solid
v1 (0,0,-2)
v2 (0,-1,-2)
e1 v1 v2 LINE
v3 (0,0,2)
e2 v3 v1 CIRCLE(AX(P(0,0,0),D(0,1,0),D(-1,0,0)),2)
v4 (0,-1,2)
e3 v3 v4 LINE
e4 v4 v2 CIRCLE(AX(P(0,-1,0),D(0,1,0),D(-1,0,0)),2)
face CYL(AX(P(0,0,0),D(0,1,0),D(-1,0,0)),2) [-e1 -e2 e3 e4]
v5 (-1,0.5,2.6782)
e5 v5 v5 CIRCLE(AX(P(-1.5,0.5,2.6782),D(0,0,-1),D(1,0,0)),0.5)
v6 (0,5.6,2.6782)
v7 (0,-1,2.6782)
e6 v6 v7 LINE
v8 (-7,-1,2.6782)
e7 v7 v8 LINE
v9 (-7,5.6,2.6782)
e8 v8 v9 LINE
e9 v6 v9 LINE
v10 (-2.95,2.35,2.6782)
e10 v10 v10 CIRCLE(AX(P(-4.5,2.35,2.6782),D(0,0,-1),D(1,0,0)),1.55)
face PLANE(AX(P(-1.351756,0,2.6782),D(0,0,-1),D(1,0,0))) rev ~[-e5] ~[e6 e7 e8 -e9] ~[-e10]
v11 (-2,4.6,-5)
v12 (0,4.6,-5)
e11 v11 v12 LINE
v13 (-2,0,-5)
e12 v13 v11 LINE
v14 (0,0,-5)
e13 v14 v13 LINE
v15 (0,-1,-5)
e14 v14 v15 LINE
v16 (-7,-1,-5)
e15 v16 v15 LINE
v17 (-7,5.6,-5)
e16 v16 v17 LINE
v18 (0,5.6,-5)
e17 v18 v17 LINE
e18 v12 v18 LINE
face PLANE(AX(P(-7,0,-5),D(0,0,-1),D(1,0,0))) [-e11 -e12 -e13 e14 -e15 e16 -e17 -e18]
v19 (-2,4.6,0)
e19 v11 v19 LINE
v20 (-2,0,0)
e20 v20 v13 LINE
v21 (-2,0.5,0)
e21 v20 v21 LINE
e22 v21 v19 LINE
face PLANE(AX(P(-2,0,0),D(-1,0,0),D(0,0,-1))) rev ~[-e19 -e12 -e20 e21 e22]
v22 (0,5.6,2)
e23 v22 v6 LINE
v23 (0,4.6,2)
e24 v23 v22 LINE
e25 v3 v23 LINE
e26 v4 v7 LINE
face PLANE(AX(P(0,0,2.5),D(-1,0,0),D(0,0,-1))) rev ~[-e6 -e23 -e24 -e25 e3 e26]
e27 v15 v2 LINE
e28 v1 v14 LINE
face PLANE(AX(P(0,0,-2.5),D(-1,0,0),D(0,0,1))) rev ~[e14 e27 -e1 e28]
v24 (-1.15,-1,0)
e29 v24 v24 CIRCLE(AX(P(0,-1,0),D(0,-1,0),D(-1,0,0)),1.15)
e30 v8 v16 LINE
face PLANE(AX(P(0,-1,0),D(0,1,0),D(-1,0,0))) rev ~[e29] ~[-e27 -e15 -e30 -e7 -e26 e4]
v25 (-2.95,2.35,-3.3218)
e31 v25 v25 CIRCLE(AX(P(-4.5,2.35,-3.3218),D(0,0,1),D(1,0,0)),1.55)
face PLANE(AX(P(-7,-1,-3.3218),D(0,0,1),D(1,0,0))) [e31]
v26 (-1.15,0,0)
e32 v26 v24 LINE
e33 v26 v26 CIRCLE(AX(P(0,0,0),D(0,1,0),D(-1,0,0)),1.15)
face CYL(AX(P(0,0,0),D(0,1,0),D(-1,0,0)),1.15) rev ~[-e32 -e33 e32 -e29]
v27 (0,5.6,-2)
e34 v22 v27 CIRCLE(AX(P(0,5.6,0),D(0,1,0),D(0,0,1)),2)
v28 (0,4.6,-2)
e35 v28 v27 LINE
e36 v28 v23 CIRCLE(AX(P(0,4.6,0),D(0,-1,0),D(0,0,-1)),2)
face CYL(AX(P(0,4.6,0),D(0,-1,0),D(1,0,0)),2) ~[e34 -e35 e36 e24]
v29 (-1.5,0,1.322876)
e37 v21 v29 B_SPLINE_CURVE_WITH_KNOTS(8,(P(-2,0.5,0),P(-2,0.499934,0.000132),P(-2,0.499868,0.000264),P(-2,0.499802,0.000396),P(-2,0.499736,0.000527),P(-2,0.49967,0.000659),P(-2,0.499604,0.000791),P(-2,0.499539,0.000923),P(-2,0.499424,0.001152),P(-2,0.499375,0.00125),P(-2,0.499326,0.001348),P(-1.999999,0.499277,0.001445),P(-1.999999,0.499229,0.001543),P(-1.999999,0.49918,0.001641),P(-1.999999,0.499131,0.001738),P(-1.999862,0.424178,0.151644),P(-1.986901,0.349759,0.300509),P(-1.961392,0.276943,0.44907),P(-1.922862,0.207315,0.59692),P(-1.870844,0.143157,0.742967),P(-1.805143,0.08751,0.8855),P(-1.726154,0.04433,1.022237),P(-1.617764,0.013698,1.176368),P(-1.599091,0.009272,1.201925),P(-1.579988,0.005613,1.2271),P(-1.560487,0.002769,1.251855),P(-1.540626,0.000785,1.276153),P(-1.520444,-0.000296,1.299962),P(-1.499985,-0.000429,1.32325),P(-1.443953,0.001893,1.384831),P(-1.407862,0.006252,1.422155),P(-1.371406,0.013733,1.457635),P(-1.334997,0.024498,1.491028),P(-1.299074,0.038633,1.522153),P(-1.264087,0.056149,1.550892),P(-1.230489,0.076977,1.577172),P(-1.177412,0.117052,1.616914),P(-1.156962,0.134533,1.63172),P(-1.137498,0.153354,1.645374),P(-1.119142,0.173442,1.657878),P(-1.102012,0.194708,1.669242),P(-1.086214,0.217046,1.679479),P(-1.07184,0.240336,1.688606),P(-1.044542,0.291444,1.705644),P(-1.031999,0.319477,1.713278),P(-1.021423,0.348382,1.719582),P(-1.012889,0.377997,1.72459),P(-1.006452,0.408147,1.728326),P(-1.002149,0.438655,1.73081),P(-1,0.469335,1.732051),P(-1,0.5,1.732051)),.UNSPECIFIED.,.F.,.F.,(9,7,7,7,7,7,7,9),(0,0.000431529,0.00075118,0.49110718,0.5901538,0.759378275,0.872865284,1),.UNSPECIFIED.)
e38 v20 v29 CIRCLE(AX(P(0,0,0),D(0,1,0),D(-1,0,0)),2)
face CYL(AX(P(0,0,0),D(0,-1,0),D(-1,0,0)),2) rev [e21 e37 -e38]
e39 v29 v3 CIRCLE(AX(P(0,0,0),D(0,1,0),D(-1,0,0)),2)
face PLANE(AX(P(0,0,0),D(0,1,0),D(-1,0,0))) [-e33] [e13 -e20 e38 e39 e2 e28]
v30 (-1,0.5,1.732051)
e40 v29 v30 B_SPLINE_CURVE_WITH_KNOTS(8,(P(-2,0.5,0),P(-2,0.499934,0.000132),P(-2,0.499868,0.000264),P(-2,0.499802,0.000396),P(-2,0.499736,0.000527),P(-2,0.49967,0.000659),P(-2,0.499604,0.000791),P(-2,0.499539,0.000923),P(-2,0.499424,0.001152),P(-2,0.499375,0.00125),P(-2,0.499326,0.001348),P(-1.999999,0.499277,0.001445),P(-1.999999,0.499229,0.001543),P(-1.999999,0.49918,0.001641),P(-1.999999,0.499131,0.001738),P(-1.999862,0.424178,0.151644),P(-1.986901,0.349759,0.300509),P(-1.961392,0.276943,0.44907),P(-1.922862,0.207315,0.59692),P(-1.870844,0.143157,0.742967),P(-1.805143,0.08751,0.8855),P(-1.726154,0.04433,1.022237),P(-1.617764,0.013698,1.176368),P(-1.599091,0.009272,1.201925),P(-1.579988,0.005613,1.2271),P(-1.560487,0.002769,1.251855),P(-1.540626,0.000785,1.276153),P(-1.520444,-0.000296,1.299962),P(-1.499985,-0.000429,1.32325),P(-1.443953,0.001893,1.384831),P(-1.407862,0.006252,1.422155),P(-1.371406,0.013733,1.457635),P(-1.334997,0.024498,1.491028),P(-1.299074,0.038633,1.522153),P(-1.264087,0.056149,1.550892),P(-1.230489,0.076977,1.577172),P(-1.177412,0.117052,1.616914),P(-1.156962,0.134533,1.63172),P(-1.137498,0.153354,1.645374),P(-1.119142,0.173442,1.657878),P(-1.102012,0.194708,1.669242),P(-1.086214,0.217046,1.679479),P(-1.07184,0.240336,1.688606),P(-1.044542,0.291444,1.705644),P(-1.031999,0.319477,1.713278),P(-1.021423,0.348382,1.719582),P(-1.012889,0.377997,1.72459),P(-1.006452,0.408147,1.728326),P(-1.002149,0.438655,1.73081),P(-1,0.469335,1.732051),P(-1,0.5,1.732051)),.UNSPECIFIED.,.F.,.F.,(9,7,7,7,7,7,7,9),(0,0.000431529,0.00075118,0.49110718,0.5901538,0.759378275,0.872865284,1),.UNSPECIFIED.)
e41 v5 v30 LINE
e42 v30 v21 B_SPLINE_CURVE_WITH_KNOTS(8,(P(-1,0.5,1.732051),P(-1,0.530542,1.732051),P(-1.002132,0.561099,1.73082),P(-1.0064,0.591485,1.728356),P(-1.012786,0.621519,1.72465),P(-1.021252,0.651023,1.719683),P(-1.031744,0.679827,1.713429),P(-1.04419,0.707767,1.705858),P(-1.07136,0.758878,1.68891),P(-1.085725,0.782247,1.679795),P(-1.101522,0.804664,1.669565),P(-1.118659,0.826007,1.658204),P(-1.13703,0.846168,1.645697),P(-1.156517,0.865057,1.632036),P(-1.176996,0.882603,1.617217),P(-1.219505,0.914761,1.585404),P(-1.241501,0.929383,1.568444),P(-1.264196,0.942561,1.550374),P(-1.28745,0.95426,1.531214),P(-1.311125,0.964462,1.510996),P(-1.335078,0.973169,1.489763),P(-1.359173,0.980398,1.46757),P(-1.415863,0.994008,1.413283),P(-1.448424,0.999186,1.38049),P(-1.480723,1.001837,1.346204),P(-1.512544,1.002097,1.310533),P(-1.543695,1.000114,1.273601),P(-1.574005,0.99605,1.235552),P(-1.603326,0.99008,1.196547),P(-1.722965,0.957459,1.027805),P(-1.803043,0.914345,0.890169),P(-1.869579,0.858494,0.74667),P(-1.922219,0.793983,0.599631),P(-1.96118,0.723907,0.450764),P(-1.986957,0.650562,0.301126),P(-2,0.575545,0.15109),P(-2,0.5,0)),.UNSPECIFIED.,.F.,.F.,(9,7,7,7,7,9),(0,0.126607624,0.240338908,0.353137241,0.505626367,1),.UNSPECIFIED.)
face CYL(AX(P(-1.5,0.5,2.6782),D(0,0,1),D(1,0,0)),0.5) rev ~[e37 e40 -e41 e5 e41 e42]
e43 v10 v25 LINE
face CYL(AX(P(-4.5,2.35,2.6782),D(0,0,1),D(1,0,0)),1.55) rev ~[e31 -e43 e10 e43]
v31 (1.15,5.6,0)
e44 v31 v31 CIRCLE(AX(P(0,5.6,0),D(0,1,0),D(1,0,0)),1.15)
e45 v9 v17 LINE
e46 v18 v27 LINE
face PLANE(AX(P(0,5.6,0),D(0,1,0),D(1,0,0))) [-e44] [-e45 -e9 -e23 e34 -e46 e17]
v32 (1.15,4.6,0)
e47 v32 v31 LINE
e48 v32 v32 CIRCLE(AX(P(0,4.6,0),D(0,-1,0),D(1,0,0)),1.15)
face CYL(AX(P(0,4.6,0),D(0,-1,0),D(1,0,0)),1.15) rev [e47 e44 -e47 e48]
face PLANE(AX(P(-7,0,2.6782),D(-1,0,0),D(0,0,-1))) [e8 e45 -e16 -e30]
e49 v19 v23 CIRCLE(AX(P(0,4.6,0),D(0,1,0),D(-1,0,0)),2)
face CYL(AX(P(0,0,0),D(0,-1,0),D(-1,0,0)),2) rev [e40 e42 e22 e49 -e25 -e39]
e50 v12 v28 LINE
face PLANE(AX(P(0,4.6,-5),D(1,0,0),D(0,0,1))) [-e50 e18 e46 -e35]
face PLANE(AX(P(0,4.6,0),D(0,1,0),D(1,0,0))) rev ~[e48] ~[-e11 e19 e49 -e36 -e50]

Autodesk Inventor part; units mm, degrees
ref_plane "YZ Plane" through (0, 0, 0) normal (1, 0, 0) x (0, 1, 0)
ref_plane "XZ Plane" through (0, 0, 0) normal (0, 1, 0) x (-1, 0, 0)
ref_plane "XY Plane" through (0, 0, 0) normal (0, 0, 1) x (1, 0, 0)
sketch "スケッチ1" plane through (0, 0, 0) normal (0, 1, 0) x (-1, 0, 0)
  circle A0 centre (0, 0) radius 2
  circle A1 centre (0, 0) radius 1.15
  line L0 (0, 0) -> (2, 0)
  line L1 (2, 0) -> (2, -5)
  line L2 (2, -5) -> (0, -5)
  line L3 (0, -5) -> (0, 0)
  line L4 (0, 0) -> (2, 0)
  line L5 (2, 0) -> (2, 4)
  line L6 (2, 4) -> (0, 4)
  line L7 (0, 4) -> (0, 0)
  circle A2 centre (0, 0) radius 3
  circle A3 centre (0, 0) radius 2.5
  line L8 (0, 0) -> (2.5, 0)
  line L9 (2.5, 0) -> (2.5, 2.6782)
  line L10 (2.5, 2.6782) -> (0, 2.6782)
  line L11 (0, 2.6782) -> (0, 0)
  line L12 (0, 2.6782) -> (7, 2.6782)
  line L13 (7, 2.6782) -> (7, -5)
  line L14 (7, -5) -> (0, -5)
  line L15 (0, -5) -> (0, 2.6782)
  point P0 (0, 2)
  point P1 (0, -2)
  dimension "d0" = 4
  dimension "d1" = 2.3
  dimension "d2" = 5
  dimension "d3" = 4
  dimension "d4" = 6
  dimension "d6" = 5
  dimension "d7" = 2.5
  dimension "d8" = 7
sketch "スケッチ2" plane through (0, 0, 0) normal (0, 1, 0) x (-1, 0, 0)
  line L0 (0, -1.1495) -> (-5, -1.1495)
  line L1 (-5, -1.1495) -> (-5, -1.9793)
  line L2 (-5, -1.9793) -> (0, -1.9793)
  line L3 (0, -1.9793) -> (0, -1.1495)
  line L4 (-5, -1.9793) -> (-6.828, -1.9793)
  line L5 (-6.828, -1.9793) -> (-6.828, 0)
  line L6 (-6.828, 0) -> (-5, 0)
  line L7 (-5, 0) -> (-5, -1.9793)
  line L8 (0, 1.115) -> (-6.6551, 1.115)
  line L9 (-6.6551, 1.115) -> (-6.6551, 1.9793)
  line L10 (-6.6551, 1.9793) -> (0, 1.9793)
  line L11 (0, 1.9793) -> (0, 1.115)
  point P0 (0, 0)
  dimension "d5" = 5
extrude "押し出し1" add sketch "スケッチ1" along normal blind 4.6 contours L8 A3 L1 | A0 L7 A3 L5 | L5 A3 L8 | A3 L9 A2 L1 | A3 L7 L10 A2 L5 | L5 A2 L9 A3 | A2 L9 L12 L13 L14 L1 | A2 L10 L5 | L5 L10 L9 A2
extrude "押し出し2" add sketch "スケッチ1" against normal blind 1 contours L0 A1 L7 A0 | L1 A3 L3 A0 | A0 L3 A1 L0 | L8 A3 L1 | A0 L7 A3 L5 | L5 A3 L8 | L7 A1 L3 A0 | A3 L9 A2 L1 | L1 A2 L3 A3 | A3 L7 L10 A2 L5 | L5 A2 L9 A3 | A2 L9 L12 L13 L14 L1 | L1 L2 L3 A2 | A2 L10 L5 | L5 L10 L9 A2
sketch "スケッチ3" plane through (0, 4.6, 0) normal (0, 1, 0) x (1, 0, 0)
  circle A0 centre (0, 0) radius 1.15
  line L0 (-2, 0) -> (-2, 5) projected
  circle A1 centre (0, 0) radius 2
  line L1 (0, -2) -> (0, -2.6782) projected
  line L2 (-7, 5) -> (0, 5) projected
  line L3 (0, -2.6782) -> (-7, -2.6782)
  line L4 (-7, -2.6782) -> (-7, 5)
  line L5 (-7, 5) -> (0, 5)
  line L6 (0, 5) -> (0, -2.6782)
  point P0 (0, 2)
extrude "押し出し3" add sketch "スケッチ3" along normal blind 1 contours A0 L6 A1 | A0 L6 A1 | A1 L0 L2 L6 | L1 L3 L4 L2 L0 A1
sketch "スケッチ4" plane through (-7, -1, 2.6782) normal (0, 0, 1) x (1, 0, 0)
  line L0 (7, 6.6) -> (0, 6.6) projected
  line L1 (0, 6.6) -> (2.5, 6.6)
  line L2 (2.5, 6.6) -> (2.5, 3.35)
  line L3 (2.5, 3.35) -> (0, 3.35)
  line L4 (0, 3.35) -> (0, 6.6)
  circle A0 centre (2.5, 3.35) radius 1.55
  line L5 (5, 1) -> (7, 1) projected
  line L6 (7, 1) -> (5.5, 1)
  line L7 (5.5, 1) -> (5.5, 1.5)
  line L8 (5.5, 1.5) -> (7, 1.5)
  line L9 (7, 1.5) -> (7, 1)
  circle A1 centre (5.5, 1.5) radius 0.5
  dimension "d15" = 2.5
  dimension "d16" = 3.25
  dimension "d17" = 3.1
  dimension "d18" = 1.5
  dimension "d19" = 0.5
extrude "押し出し4" cut sketch "スケッチ4" against normal blind 6 contours A0 L3 L2 | L2 L3 A0 | A1 L8 L7 | L7 L8 A1
properties part number "rod5.0"
